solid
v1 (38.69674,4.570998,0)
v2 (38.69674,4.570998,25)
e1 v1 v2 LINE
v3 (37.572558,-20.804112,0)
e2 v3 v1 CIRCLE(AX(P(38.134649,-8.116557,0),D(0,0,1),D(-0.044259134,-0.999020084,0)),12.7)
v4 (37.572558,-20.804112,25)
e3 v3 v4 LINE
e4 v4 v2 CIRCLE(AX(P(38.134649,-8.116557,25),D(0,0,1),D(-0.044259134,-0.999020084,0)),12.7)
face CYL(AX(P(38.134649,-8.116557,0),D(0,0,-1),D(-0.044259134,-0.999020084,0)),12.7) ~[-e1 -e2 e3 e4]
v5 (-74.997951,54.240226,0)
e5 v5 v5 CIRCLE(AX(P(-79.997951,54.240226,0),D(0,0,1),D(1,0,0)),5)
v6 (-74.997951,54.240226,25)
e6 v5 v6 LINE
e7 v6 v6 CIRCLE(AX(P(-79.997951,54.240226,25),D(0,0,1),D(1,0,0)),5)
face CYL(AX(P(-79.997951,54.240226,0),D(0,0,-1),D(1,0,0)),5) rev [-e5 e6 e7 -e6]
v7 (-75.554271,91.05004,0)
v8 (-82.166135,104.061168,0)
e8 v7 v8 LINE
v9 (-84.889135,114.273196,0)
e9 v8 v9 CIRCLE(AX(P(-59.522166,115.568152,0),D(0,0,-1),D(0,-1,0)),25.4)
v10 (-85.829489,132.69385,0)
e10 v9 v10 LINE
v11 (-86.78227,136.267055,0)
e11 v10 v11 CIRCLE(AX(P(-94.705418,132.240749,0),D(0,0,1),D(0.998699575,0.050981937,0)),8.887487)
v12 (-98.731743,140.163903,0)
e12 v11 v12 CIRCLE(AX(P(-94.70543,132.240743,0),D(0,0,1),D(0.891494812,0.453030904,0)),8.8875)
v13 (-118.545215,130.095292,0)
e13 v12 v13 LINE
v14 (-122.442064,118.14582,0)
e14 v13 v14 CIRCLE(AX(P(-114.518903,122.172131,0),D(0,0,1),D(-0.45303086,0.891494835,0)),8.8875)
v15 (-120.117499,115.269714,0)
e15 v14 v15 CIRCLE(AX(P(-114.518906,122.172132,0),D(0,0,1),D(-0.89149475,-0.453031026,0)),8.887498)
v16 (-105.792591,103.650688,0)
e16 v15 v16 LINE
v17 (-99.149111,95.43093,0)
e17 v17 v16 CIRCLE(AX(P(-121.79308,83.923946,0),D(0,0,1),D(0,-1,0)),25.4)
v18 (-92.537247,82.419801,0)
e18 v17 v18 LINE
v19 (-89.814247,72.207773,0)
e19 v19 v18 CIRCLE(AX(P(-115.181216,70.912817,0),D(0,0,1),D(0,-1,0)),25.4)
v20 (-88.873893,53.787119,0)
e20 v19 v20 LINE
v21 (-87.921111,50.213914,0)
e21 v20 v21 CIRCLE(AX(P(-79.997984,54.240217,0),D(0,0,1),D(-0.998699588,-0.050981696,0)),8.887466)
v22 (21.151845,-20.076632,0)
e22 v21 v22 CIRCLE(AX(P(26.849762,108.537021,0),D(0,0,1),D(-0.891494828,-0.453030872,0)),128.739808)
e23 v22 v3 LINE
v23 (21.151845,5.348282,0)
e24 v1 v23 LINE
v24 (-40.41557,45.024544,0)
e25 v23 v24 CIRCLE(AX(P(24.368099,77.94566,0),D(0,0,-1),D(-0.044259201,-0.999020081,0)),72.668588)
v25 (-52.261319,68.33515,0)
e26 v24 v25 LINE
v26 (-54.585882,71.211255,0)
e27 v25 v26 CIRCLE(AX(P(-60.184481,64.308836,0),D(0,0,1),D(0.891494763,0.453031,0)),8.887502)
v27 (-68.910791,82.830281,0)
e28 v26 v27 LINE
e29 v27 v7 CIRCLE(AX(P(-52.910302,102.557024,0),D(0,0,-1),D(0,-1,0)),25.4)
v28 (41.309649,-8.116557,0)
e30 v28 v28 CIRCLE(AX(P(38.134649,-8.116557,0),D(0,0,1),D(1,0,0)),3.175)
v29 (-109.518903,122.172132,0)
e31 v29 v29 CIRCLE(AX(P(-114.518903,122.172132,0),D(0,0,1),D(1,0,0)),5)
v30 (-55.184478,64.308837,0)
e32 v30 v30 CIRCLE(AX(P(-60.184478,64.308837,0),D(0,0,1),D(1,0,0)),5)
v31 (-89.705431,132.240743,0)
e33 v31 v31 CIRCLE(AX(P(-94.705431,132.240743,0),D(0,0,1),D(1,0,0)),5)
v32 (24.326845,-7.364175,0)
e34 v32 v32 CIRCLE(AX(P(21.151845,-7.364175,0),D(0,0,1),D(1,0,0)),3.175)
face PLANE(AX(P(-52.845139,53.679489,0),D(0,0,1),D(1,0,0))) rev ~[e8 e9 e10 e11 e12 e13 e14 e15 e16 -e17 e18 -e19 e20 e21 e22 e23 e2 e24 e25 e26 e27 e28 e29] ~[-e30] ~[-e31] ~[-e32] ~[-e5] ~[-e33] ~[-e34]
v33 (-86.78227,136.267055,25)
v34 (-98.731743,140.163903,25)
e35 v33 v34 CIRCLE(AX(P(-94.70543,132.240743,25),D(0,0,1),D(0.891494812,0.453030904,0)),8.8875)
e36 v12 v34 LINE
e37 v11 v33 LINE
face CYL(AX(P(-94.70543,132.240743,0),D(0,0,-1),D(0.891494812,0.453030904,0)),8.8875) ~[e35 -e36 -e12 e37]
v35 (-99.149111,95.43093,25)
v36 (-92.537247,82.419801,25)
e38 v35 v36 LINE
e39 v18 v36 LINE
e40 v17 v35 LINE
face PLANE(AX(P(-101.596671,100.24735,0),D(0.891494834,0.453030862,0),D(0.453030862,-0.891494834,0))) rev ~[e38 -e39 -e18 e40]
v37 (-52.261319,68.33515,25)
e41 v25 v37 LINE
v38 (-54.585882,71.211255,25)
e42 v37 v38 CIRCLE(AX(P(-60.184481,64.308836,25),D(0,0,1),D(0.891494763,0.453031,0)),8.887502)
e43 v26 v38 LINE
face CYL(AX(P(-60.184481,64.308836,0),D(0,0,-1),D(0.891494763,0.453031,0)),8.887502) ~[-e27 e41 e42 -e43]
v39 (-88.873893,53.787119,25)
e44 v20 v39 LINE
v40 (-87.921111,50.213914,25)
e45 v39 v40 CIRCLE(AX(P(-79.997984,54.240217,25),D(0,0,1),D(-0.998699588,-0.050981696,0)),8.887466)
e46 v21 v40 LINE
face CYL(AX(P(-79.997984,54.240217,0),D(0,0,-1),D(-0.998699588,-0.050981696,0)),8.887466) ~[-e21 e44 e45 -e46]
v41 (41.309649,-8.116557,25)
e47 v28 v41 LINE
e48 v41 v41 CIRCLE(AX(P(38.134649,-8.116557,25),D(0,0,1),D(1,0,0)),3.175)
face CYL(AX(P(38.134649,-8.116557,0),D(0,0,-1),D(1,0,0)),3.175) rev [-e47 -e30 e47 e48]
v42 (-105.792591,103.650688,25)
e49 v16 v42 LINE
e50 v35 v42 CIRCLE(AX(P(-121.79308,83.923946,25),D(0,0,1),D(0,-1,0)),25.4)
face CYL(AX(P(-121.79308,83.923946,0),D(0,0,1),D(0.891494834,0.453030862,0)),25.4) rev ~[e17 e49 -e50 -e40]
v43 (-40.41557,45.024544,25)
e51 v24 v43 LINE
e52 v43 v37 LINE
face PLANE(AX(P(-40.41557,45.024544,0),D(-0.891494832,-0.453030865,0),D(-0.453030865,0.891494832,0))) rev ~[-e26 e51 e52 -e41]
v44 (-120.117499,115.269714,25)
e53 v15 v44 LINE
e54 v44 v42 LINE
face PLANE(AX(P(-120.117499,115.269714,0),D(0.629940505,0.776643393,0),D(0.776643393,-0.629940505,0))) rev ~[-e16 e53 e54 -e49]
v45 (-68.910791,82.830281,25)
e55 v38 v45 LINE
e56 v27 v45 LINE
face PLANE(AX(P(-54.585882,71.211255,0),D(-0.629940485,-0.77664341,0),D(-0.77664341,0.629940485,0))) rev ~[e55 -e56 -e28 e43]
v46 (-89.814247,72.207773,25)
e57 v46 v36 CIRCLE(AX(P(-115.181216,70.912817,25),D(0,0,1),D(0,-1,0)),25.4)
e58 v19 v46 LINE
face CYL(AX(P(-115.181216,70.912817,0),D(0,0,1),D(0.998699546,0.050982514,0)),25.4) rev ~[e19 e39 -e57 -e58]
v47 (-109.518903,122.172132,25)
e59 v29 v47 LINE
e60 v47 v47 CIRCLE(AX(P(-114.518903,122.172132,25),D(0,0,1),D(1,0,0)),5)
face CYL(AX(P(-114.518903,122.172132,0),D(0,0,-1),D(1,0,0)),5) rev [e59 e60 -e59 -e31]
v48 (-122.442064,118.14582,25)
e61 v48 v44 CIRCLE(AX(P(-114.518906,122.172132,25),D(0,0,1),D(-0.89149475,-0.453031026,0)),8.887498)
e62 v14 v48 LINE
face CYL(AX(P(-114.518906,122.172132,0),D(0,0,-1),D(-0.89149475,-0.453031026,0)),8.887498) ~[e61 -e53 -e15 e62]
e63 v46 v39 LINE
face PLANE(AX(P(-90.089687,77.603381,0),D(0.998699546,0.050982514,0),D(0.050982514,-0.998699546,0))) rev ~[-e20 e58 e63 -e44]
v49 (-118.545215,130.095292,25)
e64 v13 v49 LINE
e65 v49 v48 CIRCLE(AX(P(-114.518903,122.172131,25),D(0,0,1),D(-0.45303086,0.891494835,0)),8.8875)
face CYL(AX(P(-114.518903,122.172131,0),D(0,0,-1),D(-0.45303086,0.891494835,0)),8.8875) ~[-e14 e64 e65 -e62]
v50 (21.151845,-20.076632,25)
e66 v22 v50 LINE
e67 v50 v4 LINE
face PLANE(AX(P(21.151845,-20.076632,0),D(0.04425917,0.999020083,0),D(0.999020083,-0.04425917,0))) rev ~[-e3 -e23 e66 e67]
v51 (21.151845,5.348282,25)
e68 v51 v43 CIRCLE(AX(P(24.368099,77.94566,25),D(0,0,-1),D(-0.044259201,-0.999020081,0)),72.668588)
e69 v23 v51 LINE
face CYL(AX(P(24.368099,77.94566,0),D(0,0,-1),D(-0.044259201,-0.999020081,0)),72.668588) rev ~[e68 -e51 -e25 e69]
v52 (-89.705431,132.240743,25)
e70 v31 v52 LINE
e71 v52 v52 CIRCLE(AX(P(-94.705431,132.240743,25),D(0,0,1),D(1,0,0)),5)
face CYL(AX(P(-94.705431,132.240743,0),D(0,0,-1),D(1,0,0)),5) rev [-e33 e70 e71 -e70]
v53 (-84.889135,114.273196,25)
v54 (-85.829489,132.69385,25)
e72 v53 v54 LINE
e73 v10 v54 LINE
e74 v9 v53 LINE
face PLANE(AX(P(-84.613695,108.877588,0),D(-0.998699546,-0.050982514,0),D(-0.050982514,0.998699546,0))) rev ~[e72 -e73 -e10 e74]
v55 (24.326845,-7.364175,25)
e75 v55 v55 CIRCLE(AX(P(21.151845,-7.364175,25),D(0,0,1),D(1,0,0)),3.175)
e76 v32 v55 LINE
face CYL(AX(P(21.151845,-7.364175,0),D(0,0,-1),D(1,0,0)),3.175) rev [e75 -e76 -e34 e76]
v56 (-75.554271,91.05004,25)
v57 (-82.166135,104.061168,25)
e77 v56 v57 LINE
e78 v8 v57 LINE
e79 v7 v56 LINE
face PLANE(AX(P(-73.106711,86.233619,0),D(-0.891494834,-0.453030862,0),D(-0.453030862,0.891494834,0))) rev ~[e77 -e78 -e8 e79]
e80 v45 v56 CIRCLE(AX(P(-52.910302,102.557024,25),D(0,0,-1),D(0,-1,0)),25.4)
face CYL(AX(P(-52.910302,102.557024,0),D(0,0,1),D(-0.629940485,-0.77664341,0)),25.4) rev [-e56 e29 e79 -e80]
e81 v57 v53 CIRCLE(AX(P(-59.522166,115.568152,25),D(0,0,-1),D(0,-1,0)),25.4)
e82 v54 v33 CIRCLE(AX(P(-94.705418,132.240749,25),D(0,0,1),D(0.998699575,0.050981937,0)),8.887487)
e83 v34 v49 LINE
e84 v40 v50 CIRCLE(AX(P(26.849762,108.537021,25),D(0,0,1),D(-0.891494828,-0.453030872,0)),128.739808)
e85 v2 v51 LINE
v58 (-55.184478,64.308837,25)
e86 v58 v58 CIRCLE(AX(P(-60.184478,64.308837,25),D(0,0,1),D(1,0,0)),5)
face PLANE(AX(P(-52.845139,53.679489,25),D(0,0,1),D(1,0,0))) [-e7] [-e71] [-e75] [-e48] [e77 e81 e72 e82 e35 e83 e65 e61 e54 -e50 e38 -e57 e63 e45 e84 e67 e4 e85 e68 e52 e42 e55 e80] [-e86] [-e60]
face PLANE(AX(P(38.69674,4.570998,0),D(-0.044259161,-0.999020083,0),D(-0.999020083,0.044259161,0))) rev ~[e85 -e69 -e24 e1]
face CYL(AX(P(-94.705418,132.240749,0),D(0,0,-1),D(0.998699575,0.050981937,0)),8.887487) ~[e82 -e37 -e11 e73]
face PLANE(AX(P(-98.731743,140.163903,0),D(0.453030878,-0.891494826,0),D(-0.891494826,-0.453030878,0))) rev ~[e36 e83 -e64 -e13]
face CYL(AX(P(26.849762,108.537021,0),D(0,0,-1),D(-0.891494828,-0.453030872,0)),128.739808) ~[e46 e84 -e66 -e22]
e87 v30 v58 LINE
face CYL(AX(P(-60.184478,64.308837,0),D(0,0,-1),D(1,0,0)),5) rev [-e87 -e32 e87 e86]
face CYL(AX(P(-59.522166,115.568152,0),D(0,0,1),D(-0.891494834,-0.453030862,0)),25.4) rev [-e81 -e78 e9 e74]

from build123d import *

# Parameters (mm, degrees)
F1_R     = 3.175
F1_R_2   = 5
F2_DEPTH = 25
F3_R     = 25.4


with BuildPart() as f2:
    # F1 (on Top) → F2 (new body)
    with BuildSketch(Plane.XY):
        with BuildLine():
            ThreePointArc((-71.110451, 54.240226), (-77.927858, 45.597173), (-87.921111, 50.213914))
            ThreePointArc((-87.921111, 50.213914), (-42.888123, 0.321655), (21.151845, -20.076632))
            Line((21.151845, -20.076632), (37.572558, -20.804112))
            ThreePointArc((37.572558, -20.804112), (50.822204, -8.678648), (38.69674, 4.570998))
            Line((38.69674, 4.570998), (21.151845, 5.348282))
            ThreePointArc((21.151845, 5.348282), (-14.99621, 16.862317), (-40.41557, 45.024544))
            Line((-40.41557, 45.024544), (-52.261319, 68.33515))
            ThreePointArc((-52.261319, 68.33515), (-51.541425, 66.37893), (-51.296978, 64.308837))
            ThreePointArc((-51.296978, 64.308837), (-68.207732, 60.485871), (-54.585882, 71.211255))
            Line((-54.585882, 71.211255), (-73.106711, 86.233619))
            Line((-73.106711, 86.233619), (-84.613695, 108.877588))
            Line((-84.613695, 108.877588), (-85.829489, 132.69385))
            ThreePointArc((-85.829489, 132.69385), (-85.820821, 132.46737), (-85.817931, 132.240743))
            ThreePointArc((-85.817931, 132.240743), (-99.353216, 124.665405), (-98.731743, 140.163903))
            Line((-98.731743, 140.163903), (-118.545215, 130.095292))
            ThreePointArc((-118.545215, 130.095292), (-109.871118, 129.74747), (-105.631403, 122.172132))
            ThreePointArc((-105.631403, 122.172132), (-110.695938, 114.148879), (-120.117499, 115.269714))
            Line((-120.117499, 115.269714), (-101.596671, 100.24735))
            Line((-101.596671, 100.24735), (-90.089687, 77.603381))
            Line((-90.089687, 77.603381), (-88.873893, 53.787119))
            ThreePointArc((-88.873893, 53.787119), (-80.224578, 63.124836), (-71.110451, 54.240226))
        make_face()
        with Locations((21.151845, -7.364175)):
            Circle(F1_R, mode=Mode.SUBTRACT)
        with Locations((38.134649, -8.116557)):
            Circle(F1_R, mode=Mode.SUBTRACT)
        with BuildLine():
            ThreePointArc((-118.545215, 130.095292), (-122.968456, 124.92762), (-122.442064, 118.14582))
            ThreePointArc((-122.442064, 118.14582), (-121.431028, 116.585524), (-120.117499, 115.269714))
            ThreePointArc((-120.117499, 115.269714), (-110.695938, 114.148879), (-105.631403, 122.172132))
            ThreePointArc((-105.631403, 122.172132), (-109.871118, 129.74747), (-118.545215, 130.095292))
        make_face()
        with Locations((-114.518903, 122.172132)):
            Circle(F1_R_2, mode=Mode.SUBTRACT)
        with BuildLine():
            ThreePointArc((-86.78227, 136.267055), (-91.949943, 140.690296), (-98.731743, 140.163903))
            ThreePointArc((-98.731743, 140.163903), (-99.353216, 124.665405), (-85.817931, 132.240743))
            ThreePointArc((-85.817931, 132.240743), (-85.820821, 132.46737), (-85.829489, 132.69385))
            ThreePointArc((-85.829489, 132.69385), (-86.117974, 134.530557), (-86.78227, 136.267055))
        make_face()
        with Locations((-94.705431, 132.240743)):
            Circle(F1_R_2, mode=Mode.SUBTRACT)
        with BuildLine():
            ThreePointArc((-88.873893, 53.787119), (-88.585408, 51.950412), (-87.921111, 50.213914))
            ThreePointArc((-87.921111, 50.213914), (-77.927858, 45.597173), (-71.110451, 54.240226))
            ThreePointArc((-71.110451, 54.240226), (-80.224578, 63.124836), (-88.873893, 53.787119))
        make_face()
        with Locations((-79.997951, 54.240226)):
            Circle(F1_R_2, mode=Mode.SUBTRACT)
        with BuildLine():
            ThreePointArc((-51.296978, 64.308837), (-51.541425, 66.37893), (-52.261319, 68.33515))
            ThreePointArc((-52.261319, 68.33515), (-53.272354, 69.895445), (-54.585882, 71.211255))
            ThreePointArc((-54.585882, 71.211255), (-68.207732, 60.485871), (-51.296978, 64.308837))
        make_face()
        with Locations((-60.184478, 64.308837)):
            Circle(F1_R_2, mode=Mode.SUBTRACT)
    extrude(amount=F2_DEPTH)

    # F3
    f3_edges = [f2.edges().sort_by_distance(p)[0] for p in [
        (-73.106711, 86.233619, 12.5),
        (-84.613695, 108.877588, 12.5),
        (-101.596671, 100.24735, 12.5),
        (-90.089687, 77.603381, 12.5),
    ]]
    fillet(f3_edges, radius=F3_R)


solid = f2.part
